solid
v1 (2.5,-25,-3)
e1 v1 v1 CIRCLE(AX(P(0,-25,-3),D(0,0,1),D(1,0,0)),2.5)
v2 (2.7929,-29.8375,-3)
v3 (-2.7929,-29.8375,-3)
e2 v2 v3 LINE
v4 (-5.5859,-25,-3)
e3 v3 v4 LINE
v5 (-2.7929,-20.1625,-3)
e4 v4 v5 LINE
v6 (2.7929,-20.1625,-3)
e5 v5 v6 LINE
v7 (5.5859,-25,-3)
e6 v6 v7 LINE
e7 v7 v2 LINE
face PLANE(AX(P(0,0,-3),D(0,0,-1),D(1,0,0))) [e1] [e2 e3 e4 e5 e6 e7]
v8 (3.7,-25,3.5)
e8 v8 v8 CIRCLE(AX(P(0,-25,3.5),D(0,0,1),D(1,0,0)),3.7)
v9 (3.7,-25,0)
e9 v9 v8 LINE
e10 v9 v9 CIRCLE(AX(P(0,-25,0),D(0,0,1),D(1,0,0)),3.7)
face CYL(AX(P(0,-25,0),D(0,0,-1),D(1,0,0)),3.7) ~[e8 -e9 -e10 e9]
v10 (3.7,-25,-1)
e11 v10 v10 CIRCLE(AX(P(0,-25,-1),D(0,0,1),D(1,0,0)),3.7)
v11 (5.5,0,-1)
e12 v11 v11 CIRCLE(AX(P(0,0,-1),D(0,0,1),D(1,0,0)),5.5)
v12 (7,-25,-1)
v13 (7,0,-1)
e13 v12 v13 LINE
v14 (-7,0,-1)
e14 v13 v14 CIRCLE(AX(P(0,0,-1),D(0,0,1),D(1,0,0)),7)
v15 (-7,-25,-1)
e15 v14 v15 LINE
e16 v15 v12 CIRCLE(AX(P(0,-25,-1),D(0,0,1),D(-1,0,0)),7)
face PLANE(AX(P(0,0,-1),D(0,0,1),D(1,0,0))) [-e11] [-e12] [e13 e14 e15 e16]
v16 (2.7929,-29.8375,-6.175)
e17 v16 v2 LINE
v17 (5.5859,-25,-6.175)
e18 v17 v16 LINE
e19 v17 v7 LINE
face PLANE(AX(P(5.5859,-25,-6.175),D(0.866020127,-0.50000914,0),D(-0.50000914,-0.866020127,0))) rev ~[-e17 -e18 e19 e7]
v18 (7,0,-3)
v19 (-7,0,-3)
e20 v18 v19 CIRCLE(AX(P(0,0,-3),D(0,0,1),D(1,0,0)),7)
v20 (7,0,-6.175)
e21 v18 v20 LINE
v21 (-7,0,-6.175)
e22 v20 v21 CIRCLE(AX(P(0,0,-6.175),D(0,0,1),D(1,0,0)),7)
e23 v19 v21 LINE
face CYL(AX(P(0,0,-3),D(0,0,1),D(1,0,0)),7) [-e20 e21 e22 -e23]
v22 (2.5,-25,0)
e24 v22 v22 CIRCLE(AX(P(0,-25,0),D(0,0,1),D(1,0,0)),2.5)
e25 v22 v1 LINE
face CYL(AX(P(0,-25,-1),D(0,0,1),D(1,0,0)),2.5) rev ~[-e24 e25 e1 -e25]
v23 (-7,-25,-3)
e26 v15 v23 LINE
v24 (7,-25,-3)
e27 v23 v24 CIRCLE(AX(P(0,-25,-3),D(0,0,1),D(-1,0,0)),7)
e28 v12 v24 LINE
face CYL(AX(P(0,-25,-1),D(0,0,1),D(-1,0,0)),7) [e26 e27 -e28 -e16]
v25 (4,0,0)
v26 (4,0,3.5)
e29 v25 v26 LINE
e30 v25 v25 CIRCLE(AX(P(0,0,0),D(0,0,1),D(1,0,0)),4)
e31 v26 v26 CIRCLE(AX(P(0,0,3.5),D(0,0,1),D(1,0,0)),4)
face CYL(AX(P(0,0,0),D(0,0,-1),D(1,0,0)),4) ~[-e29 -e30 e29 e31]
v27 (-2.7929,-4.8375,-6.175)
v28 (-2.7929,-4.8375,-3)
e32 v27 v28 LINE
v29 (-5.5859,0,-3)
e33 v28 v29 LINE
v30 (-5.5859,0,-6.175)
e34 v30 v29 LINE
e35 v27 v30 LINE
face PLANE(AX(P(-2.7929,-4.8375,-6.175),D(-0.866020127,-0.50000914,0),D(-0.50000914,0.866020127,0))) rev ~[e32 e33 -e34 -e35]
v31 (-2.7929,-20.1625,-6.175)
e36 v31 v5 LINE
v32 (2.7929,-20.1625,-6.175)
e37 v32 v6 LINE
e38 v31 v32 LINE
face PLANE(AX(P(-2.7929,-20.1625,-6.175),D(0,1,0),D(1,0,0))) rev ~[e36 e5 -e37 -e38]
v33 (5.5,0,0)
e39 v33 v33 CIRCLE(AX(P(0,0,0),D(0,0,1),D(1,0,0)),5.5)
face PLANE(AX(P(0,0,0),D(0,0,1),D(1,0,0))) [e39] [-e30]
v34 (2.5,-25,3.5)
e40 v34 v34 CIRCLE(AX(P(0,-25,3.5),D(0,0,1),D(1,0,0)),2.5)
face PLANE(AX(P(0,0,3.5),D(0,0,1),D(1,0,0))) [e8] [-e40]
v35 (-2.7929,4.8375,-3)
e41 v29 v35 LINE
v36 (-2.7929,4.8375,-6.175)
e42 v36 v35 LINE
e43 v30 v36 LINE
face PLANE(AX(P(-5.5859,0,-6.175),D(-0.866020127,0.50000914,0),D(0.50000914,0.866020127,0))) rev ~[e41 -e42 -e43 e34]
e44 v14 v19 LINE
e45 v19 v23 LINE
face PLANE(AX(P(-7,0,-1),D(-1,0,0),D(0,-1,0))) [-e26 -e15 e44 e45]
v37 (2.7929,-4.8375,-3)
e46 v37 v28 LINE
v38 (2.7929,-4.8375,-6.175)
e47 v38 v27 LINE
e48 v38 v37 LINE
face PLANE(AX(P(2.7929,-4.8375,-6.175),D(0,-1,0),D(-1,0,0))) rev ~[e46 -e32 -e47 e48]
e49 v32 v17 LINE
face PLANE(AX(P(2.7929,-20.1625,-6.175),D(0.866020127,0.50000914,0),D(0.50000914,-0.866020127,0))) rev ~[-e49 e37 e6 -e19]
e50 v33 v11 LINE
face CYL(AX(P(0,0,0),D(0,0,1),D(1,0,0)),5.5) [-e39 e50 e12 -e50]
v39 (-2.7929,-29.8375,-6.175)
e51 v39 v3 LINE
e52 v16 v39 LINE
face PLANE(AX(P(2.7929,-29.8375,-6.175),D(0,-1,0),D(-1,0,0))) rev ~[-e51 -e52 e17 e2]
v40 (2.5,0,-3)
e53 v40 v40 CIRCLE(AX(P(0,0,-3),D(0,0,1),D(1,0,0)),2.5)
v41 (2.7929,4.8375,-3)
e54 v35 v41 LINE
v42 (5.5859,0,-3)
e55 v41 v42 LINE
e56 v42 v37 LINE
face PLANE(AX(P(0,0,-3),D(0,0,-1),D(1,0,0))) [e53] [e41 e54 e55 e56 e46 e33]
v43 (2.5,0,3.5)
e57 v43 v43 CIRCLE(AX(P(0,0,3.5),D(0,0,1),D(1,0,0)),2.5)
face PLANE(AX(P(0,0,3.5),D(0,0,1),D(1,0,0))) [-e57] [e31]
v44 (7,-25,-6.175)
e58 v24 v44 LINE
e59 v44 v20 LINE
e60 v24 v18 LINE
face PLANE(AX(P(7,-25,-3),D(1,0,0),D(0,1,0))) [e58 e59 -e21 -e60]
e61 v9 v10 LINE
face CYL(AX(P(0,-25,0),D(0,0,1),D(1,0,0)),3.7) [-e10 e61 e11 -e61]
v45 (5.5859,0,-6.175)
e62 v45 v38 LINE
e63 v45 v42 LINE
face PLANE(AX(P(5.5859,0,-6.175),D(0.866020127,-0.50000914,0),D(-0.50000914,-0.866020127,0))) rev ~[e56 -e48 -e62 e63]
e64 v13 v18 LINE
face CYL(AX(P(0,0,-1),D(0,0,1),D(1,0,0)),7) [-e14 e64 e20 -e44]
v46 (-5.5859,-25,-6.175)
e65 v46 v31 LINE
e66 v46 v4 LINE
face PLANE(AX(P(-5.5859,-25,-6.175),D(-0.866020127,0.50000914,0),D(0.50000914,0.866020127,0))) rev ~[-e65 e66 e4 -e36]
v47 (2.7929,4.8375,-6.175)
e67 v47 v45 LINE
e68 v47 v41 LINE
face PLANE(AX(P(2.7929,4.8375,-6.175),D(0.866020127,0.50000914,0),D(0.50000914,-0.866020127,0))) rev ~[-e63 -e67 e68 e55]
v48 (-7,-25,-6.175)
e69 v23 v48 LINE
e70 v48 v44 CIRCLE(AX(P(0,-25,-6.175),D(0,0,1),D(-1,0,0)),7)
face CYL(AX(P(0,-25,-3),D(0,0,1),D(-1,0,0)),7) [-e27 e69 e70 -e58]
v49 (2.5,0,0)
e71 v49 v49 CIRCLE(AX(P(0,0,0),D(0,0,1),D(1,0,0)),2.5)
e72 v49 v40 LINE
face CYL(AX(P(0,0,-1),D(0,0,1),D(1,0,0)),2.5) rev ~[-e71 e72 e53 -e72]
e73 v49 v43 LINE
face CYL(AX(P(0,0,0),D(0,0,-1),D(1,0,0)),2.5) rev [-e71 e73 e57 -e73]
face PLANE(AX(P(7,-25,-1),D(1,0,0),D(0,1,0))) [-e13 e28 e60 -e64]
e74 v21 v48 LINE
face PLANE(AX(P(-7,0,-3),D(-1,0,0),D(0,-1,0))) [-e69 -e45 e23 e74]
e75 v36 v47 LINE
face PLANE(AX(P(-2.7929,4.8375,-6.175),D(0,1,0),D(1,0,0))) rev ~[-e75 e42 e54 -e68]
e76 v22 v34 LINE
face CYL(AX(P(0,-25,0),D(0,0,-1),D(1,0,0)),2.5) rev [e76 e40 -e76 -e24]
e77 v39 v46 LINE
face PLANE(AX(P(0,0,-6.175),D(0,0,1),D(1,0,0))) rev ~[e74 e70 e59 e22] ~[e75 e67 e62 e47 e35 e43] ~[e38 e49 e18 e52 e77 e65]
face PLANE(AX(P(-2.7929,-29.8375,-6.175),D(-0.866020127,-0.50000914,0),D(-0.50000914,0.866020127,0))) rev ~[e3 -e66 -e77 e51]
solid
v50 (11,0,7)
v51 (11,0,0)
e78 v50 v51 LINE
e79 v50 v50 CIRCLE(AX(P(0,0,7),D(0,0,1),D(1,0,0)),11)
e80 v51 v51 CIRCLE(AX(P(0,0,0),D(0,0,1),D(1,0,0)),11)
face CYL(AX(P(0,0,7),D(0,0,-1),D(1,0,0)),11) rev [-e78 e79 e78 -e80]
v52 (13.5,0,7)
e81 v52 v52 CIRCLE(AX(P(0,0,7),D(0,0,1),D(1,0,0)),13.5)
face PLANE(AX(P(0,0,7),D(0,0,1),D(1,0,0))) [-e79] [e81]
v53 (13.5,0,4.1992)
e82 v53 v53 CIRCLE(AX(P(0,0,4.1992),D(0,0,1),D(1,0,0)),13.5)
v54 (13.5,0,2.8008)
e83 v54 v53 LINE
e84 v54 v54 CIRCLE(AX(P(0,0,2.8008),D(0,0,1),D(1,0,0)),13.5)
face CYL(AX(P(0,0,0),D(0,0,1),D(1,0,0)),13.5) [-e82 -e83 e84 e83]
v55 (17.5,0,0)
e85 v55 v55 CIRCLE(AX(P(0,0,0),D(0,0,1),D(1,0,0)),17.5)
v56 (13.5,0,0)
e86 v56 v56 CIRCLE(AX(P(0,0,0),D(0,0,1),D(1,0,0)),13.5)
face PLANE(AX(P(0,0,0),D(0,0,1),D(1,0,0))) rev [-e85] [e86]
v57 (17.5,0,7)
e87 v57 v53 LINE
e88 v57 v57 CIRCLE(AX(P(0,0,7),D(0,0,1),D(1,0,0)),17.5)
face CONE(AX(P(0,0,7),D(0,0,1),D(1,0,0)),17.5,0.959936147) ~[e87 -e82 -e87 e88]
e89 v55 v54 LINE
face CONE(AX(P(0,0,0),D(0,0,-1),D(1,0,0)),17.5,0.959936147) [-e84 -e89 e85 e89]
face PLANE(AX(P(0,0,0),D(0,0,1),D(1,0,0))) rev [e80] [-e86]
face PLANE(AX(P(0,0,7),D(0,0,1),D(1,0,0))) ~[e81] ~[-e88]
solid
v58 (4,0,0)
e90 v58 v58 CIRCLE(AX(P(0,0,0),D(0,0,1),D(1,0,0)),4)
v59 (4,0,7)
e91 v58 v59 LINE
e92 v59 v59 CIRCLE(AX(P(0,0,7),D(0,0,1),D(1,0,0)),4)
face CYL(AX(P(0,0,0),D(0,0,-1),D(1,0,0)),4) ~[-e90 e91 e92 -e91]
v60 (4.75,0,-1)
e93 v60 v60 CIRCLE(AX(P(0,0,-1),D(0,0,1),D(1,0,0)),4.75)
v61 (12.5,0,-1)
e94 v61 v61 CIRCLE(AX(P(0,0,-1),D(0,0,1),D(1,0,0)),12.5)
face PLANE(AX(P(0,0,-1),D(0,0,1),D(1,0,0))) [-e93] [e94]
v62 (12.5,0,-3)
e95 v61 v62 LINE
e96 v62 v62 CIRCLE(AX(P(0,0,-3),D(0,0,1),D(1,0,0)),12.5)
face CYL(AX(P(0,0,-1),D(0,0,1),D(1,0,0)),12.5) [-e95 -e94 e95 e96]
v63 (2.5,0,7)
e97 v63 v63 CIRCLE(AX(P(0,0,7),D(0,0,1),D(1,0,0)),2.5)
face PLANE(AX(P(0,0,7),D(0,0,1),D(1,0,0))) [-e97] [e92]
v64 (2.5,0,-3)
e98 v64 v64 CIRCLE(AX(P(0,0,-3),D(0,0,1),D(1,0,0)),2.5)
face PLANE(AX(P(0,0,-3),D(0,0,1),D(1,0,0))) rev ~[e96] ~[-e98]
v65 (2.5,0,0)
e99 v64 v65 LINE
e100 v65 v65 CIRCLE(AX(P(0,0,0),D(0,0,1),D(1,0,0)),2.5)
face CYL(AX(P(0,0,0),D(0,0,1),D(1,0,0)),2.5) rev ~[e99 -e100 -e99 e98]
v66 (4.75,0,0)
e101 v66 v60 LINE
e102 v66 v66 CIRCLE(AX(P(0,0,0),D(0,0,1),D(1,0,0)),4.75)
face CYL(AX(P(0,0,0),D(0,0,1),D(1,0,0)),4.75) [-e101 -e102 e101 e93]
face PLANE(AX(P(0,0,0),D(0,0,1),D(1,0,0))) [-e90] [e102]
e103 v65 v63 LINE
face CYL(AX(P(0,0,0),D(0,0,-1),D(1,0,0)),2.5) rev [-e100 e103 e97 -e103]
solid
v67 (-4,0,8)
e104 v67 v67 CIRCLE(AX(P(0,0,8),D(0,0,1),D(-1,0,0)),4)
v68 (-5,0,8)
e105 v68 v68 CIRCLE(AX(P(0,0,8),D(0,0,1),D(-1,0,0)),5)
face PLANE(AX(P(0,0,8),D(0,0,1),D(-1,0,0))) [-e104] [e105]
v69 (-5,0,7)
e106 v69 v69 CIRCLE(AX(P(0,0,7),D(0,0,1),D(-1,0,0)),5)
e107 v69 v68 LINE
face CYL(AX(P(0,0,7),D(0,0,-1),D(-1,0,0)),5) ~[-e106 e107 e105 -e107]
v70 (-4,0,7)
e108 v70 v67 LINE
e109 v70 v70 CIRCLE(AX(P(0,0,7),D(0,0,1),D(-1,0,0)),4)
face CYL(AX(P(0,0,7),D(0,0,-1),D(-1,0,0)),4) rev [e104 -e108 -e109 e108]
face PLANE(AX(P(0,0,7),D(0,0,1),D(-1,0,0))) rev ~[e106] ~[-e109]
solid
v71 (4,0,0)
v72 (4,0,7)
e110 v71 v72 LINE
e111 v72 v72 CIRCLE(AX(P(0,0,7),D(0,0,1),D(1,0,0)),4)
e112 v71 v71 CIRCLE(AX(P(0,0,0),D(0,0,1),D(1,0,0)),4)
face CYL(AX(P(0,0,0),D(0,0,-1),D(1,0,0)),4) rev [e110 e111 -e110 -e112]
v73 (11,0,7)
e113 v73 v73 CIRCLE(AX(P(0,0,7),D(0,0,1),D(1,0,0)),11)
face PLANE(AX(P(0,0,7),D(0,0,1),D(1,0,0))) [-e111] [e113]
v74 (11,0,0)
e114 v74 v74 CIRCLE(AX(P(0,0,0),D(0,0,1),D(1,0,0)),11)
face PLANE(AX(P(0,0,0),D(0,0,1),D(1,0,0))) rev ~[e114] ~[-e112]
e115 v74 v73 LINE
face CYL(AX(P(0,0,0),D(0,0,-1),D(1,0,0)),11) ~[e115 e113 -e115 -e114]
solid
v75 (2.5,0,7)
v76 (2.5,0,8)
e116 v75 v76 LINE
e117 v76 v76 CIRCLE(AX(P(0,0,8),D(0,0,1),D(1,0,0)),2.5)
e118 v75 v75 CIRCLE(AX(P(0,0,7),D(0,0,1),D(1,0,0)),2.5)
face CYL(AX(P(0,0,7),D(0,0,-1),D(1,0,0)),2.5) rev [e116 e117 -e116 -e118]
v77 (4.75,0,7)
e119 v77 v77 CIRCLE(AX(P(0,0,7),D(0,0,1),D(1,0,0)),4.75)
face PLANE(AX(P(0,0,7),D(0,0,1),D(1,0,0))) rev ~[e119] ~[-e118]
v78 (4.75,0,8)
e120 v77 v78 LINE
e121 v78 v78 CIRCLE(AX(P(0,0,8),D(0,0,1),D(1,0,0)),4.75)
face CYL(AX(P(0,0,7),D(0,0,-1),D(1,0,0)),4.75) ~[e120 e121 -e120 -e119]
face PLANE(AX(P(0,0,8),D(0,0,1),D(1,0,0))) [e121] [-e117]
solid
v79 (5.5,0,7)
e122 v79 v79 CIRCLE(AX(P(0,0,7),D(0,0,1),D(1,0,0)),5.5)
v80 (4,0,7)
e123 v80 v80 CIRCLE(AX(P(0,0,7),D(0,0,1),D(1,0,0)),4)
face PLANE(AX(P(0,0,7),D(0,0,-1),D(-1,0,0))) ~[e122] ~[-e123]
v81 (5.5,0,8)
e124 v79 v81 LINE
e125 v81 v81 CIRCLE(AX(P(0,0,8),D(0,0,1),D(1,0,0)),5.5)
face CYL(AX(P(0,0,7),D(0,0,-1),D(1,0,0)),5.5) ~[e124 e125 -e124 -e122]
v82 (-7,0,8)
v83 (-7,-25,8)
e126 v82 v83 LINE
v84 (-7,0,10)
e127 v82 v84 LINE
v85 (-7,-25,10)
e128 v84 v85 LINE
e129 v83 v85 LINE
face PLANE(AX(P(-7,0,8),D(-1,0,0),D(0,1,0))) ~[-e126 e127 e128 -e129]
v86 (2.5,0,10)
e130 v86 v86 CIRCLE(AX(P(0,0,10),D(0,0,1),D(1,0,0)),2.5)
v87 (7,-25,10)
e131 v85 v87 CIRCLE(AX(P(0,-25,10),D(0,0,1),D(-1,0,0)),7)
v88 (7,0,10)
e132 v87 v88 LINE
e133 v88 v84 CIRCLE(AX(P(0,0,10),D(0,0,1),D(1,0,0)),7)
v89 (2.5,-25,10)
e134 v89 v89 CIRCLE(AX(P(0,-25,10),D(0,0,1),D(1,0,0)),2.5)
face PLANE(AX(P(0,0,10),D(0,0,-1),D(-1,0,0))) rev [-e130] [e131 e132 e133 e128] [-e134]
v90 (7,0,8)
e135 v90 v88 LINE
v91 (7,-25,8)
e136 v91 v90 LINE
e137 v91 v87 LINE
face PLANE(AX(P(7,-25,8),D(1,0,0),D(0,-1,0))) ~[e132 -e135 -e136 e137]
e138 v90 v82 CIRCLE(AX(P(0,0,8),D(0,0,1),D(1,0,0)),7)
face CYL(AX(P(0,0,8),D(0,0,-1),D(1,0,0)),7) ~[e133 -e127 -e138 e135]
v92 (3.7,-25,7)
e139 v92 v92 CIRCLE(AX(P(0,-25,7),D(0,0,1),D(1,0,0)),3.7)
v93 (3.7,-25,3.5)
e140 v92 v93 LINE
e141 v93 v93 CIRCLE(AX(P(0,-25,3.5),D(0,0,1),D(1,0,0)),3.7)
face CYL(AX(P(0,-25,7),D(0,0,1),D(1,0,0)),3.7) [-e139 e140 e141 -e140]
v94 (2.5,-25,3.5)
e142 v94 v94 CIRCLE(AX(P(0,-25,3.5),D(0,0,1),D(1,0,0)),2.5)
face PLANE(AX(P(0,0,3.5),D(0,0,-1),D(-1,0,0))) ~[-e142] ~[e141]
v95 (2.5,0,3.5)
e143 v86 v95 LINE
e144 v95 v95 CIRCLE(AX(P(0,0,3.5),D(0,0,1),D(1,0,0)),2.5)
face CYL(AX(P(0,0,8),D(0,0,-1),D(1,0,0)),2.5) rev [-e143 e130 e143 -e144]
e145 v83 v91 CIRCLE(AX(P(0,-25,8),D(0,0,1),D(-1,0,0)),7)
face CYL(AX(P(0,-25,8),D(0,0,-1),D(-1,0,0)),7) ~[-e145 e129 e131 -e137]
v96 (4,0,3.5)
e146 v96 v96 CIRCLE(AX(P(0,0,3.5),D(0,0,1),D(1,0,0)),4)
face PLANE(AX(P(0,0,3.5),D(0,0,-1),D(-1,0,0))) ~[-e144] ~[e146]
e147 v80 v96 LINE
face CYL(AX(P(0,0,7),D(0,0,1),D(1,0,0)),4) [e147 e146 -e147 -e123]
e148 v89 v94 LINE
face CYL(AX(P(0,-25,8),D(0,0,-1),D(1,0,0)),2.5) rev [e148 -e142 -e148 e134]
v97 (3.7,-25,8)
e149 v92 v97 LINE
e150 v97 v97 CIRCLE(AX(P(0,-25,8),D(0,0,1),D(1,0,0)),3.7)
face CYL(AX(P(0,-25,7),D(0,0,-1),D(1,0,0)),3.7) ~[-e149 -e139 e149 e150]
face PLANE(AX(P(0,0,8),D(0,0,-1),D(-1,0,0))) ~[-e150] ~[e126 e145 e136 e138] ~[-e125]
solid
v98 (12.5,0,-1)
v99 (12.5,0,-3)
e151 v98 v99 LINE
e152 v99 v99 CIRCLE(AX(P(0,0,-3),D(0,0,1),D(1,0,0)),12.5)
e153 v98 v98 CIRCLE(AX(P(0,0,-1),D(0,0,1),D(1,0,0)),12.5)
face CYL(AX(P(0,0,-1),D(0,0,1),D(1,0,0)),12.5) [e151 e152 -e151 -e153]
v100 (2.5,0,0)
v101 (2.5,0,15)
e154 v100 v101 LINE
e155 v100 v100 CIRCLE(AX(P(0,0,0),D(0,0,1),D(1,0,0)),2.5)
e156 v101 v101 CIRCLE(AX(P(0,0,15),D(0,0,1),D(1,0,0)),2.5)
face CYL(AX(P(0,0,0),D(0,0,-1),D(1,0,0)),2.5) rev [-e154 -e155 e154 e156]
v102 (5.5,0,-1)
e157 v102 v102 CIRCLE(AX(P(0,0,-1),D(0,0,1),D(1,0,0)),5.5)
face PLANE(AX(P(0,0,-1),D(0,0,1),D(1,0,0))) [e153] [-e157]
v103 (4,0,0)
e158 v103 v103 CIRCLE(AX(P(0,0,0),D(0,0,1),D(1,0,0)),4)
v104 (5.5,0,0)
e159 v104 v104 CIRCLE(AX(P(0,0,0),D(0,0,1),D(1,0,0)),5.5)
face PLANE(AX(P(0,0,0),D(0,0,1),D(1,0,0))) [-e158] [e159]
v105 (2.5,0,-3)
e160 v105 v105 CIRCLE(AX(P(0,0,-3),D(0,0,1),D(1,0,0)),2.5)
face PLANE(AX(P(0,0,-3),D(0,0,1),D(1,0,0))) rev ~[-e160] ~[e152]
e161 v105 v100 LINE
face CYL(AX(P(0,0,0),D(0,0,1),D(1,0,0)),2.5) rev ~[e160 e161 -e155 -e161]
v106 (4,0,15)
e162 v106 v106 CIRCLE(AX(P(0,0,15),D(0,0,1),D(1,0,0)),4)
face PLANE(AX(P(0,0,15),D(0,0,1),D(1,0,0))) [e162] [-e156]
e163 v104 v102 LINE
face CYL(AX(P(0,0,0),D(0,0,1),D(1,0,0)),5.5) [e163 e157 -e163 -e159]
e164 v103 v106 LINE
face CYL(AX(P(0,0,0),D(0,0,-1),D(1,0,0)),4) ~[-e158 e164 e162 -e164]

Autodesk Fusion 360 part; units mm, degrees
sketch "Sketch1" plane through (0, 0, 0) normal (0, 0, 1) x (1, 0, 0) in component "608 Bearing"
  circle A0 centre (0, 0) radius 11
  circle A1 centre (0, 0) radius 4
  dimension "d10" = 22
  dimension "d11" = 8
extrude "Extrude1" add sketch "Sketch1" along normal blind 7 makes body 1 in component "608 Bearing"
sketch "Sketch1 (2)" plane through (0, 0, 0) normal (0, 1, 0) x (1, 0, 0) in component "Wheel"
  line L0 (11, 0) -> (13.5, 0)
  line L1 (13.5, 0) -> (13.5, -7)
  line L2 (13.5, -7) -> (11, -7)
  line L3 (11, -7) -> (11, 0)
  line L4 (0, 0) -> (0, -16.6783)
  line L5 (13.5, -7) -> (17.5, -7)
  line L6 (17.5, -7) -> (13.5, -4.1992)
  line L7 (13.5, 0) -> (17.5, 0)
  line L8 (17.5, 0) -> (13.5, -2.8008)
  dimension "d1" = 2.5
  dimension "d2" = 7
  dimension "d6" = 22
  dimension "d7" = 4
  dimension "d46" = 35
revolve "Revolve1" add sketch "Sketch1 (2)" angle 360 about axis through (0, 0, 0) along (0, 0, 1) separate body makes body 2 in component "Wheel"
sketch "Sketch1 (3)" plane through (0, 0, 0) normal (0, 0, 1) x (1, 0, 0) in component "Bracket"
  circle A0 centre (0, 0) radius 4
  line L0 (-7, 0) -> (-7, -25)
  arc A1 (-7, -25) -> (7, -25) centre (0, -25) ccw
  line L1 (7, -25) -> (7, 0)
  arc A2 (7, 0) -> (-7, 0) centre (0, 0) ccw
  line L2 (0, 0) -> (0, -25) construction
  circle A3 centre (0, -25) radius 2.5
  circle A4 centre (0, 0) radius 2.5
  circle A5 centre (0, 0) radius 5.5
  circle A6 centre (0, -25) radius 3.7
  dimension "d14" = 8
  dimension "d16" = 25
  dimension "d17" = 3
  dimension "d18" = 5
  dimension "d21" = 5
  dimension "d24" = 1.5
  dimension "d42" = 1.2
extrude "Extrude1'" add sketch "Sketch1 (3)" against normal blind 2 from surface at -1 separate body contours A0 | L0 A1 L1 A2 | A5 | A6 makes body 3 in component "Bracket"
extrude "Extrude4" add sketch "Sketch1 (3)" against normal up to surface (1 mm away) contours A0 | A5 | A6 bodies 3 in component "Bracket"
extrude "Extrude5" add sketch "Sketch1 (3)" along normal blind 3.5 contours A0 | A6 bodies 3 in component "Bracket"
mirror "Mirror1" about plane through (0, 0, 3.5) normal (0, 0, 1) of bodies 3 makes body 4 in component "Bracket"
copy_body "Body->Comp1" bodies 4 removing the originals makes body 5 in component "BracketTop"
copy_body "Body->Comp2" bodies 3 removing the originals makes body 6 in component "BracketBottom"
combine "Combine1" operation cut target body 5 tool bodies 6 keep tools in component "BracketTop"
extrude "Extrude3" add 1 faces at (-5.0833, -9.055, -3) along direction (0, 0, -1) blind 3.175 on bodies 6 bodies 6 in component "BracketBottom"
sketch "Sketch1 (4)" plane through (0, 0, -6.175) normal (0, 0, -1) x (1, 0, 0) in component "BracketBottom"
  line L0 (-2.7929, 4.8375) -> (-5.5859, 0)
  line L1 (-5.5859, 0) -> (-2.7929, -4.8375)
  line L2 (-2.7929, -4.8375) -> (2.7929, -4.8375)
  line L3 (2.7929, -4.8375) -> (5.5859, 0)
  line L4 (5.5859, 0) -> (2.7929, 4.8375)
  line L5 (2.7929, 4.8375) -> (-2.7929, 4.8375)
  circle A0 centre (0, 0) radius 2.5
  circle A1 centre (0, 25) radius 2.5
  arc A2 (-7, 0) -> (7, 0) centre (0, 0) ccw
  line L6 (7, 0) -> (7, 25)
  arc A3 (7, 25) -> (-7, 25) centre (0, 25) ccw
  line L7 (-7, 25) -> (-7, 0)
  circle A4 centre (0, 0) radius 2.5
  circle A5 centre (0, 25) radius 2.5
  arc A6 (-7, 0) -> (7, 0) centre (0, 0) ccw
  line L8 (7, 0) -> (7, 25)
  arc A7 (7, 25) -> (-7, 25) centre (0, 25) ccw
  line L9 (-7, 25) -> (-7, 0)
  line L10 (2.7929, 20.1625) -> (5.5859, 25)
  line L11 (5.5859, 25) -> (2.7929, 29.8375)
  line L12 (2.7929, 29.8375) -> (-2.7929, 29.8375)
  line L13 (-2.7929, 29.8375) -> (-5.5859, 25)
  line L14 (-5.5859, 25) -> (-2.7929, 20.1625)
  line L15 (-2.7929, 20.1625) -> (2.7929, 20.1625)
  point P0 (0, 25)
  dimension "d37" = 9.675
extrude "Extrude2" [suppressed] in component "608 Bearing"
extrude "Extrude2'" cut sketch "Sketch1 (4)" against normal blind 3.175 contours L0 L1 L2 L3 L4 L5 | A0 A4 | L10 L11 L12 L13 L14 L15 bodies 6 in component "BracketBottom"
sketch "Sketch1 (5)" plane through (0, 0, 0) normal (0, 0, 1) x (1, 0, 0) in component "SingleBearingStandoff"
  circle A0 centre (0, 0) radius 2.5
  circle A1 centre (0, 0) radius 4.75
  circle A2 centre (0, 0) radius 4
  circle A3 centre (0, 0) radius 12.5
  dimension "d47" = 5
  dimension "d48" = 9.5
  dimension "d49" = 8
  dimension "d50" = 25
extrude "Extrude1''" add sketch "Sketch1 (5)" against normal blind 1 separate body contours A1 | A2 makes body 7 in component "SingleBearingStandoff"
extrude "Extrude2''" add sketch "Sketch1 (5)" against normal blind 2 from surface at -1 contours A1 | A2 | A3 bodies 7 in component "SingleBearingStandoff"
extrude "Extrude3'" add sketch "Sketch1 (5)" along normal blind 7 contours A2 bodies 7 in component "SingleBearingStandoff"
sketch "Sketch1 (6)" plane through (0, 0, 0) normal (0, 0, 1) x (1, 0, 0) in component "DoubleBearingStandoff"
  circle A0 centre (0, 0) radius 2.5
  circle A1 centre (0, 0) radius 5.5
  circle A2 centre (0, 0) radius 4
  circle A3 centre (0, 0) radius 12.5
  dimension "d47_1" = 5
  dimension "d49_1" = 8
  dimension "d50_1" = 25
  dimension "d61" = 1.5
extrude "Extrude1'''" add sketch "Sketch1 (6)" against normal blind 1 separate body contours A1 | A2 makes body 8 in component "DoubleBearingStandoff"
extrude "Extrude2'''" add sketch "Sketch1 (6)" against normal blind 2 from surface at -1 contours A1 | A2 | A3 bodies 8 in component "DoubleBearingStandoff"
extrude "Extrude3''" add sketch "Sketch1 (6)" along normal blind 15 contours A2 bodies 8 in component "DoubleBearingStandoff"
sketch "Sketch1 (7)" plane through (0, 0, 7) normal (0, 0, 1) x (-1, 0, 0) in component "Spacer"
  circle A0 centre (0, 0) radius 4
  circle A1 centre (0, 0) radius 11
  circle A2 centre (0, 0) radius 4
  circle A3 centre (0, 0) radius 5
  dimension "d59" = 8
  dimension "d60" = 1
extrude "Extrude1''''" add sketch "Sketch1 (7)" along normal blind 1 separate body contours A3 makes body 9 in component "Spacer"
sketch "Sketch1 (8)" plane through (0, 0, 7) normal (0, 0, 1) x (-1, 0, 0) in component "Washer"
  circle A0 centre (0, 0) radius 4
  circle A1 centre (0, 0) radius 11
extrude "Extrude1'''''" add sketch "Sketch1 (5)" along normal blind 1 from surface at 7 separate body contours A1 | A2 makes body 10 in component "Washer"
component "608 Bearing" placed x (1, 0, 0) y (0, 1, 0) z (0, 0, 1) at (0, 0, 0)
component "Wheel" placed x (1, 0, 0) y (0, 1, 0) z (0, 0, 1) at (0, 0, 0)
component "Bracket" placed x (1, 0, 0) y (0, 1, 0) z (0, 0, 1) at (0, 0, 0)
component "SingleBearingStandoff" placed x (1, 0, 0) y (0, 1, 0) z (0, 0, 1) at (0, 0, 0)
component "DoubleBearingStandoff" placed x (1, 0, 0) y (0, 1, 0) z (0, 0, 1) at (0, 0, 0)
component "BracketTop" placed x (1, 0, 0) y (0, 1, 0) z (0, 0, 1) at (0, 0, 0) in component "Bracket"
component "BracketBottom" placed x (1, 0, 0) y (0, 1, 0) z (0, 0, 1) at (0, 0, 0) in component "Bracket"
component "Washer" placed x (1, 0, 0) y (0, 1, 0) z (0, 0, 1) at (0, 0, 0) in component "SingleBearingStandoff"
component "Spacer" placed x (1, 0, 0) y (0, 1, 0) z (0, 0, 1) at (0, 0, 0) in component "DoubleBearingStandoff"
equation "d37 = 0.375 in + 0.15 mm"
equation "d43 = nutpocket"
equation "d56_1 = 7 mm * 2 + 1 mm"
